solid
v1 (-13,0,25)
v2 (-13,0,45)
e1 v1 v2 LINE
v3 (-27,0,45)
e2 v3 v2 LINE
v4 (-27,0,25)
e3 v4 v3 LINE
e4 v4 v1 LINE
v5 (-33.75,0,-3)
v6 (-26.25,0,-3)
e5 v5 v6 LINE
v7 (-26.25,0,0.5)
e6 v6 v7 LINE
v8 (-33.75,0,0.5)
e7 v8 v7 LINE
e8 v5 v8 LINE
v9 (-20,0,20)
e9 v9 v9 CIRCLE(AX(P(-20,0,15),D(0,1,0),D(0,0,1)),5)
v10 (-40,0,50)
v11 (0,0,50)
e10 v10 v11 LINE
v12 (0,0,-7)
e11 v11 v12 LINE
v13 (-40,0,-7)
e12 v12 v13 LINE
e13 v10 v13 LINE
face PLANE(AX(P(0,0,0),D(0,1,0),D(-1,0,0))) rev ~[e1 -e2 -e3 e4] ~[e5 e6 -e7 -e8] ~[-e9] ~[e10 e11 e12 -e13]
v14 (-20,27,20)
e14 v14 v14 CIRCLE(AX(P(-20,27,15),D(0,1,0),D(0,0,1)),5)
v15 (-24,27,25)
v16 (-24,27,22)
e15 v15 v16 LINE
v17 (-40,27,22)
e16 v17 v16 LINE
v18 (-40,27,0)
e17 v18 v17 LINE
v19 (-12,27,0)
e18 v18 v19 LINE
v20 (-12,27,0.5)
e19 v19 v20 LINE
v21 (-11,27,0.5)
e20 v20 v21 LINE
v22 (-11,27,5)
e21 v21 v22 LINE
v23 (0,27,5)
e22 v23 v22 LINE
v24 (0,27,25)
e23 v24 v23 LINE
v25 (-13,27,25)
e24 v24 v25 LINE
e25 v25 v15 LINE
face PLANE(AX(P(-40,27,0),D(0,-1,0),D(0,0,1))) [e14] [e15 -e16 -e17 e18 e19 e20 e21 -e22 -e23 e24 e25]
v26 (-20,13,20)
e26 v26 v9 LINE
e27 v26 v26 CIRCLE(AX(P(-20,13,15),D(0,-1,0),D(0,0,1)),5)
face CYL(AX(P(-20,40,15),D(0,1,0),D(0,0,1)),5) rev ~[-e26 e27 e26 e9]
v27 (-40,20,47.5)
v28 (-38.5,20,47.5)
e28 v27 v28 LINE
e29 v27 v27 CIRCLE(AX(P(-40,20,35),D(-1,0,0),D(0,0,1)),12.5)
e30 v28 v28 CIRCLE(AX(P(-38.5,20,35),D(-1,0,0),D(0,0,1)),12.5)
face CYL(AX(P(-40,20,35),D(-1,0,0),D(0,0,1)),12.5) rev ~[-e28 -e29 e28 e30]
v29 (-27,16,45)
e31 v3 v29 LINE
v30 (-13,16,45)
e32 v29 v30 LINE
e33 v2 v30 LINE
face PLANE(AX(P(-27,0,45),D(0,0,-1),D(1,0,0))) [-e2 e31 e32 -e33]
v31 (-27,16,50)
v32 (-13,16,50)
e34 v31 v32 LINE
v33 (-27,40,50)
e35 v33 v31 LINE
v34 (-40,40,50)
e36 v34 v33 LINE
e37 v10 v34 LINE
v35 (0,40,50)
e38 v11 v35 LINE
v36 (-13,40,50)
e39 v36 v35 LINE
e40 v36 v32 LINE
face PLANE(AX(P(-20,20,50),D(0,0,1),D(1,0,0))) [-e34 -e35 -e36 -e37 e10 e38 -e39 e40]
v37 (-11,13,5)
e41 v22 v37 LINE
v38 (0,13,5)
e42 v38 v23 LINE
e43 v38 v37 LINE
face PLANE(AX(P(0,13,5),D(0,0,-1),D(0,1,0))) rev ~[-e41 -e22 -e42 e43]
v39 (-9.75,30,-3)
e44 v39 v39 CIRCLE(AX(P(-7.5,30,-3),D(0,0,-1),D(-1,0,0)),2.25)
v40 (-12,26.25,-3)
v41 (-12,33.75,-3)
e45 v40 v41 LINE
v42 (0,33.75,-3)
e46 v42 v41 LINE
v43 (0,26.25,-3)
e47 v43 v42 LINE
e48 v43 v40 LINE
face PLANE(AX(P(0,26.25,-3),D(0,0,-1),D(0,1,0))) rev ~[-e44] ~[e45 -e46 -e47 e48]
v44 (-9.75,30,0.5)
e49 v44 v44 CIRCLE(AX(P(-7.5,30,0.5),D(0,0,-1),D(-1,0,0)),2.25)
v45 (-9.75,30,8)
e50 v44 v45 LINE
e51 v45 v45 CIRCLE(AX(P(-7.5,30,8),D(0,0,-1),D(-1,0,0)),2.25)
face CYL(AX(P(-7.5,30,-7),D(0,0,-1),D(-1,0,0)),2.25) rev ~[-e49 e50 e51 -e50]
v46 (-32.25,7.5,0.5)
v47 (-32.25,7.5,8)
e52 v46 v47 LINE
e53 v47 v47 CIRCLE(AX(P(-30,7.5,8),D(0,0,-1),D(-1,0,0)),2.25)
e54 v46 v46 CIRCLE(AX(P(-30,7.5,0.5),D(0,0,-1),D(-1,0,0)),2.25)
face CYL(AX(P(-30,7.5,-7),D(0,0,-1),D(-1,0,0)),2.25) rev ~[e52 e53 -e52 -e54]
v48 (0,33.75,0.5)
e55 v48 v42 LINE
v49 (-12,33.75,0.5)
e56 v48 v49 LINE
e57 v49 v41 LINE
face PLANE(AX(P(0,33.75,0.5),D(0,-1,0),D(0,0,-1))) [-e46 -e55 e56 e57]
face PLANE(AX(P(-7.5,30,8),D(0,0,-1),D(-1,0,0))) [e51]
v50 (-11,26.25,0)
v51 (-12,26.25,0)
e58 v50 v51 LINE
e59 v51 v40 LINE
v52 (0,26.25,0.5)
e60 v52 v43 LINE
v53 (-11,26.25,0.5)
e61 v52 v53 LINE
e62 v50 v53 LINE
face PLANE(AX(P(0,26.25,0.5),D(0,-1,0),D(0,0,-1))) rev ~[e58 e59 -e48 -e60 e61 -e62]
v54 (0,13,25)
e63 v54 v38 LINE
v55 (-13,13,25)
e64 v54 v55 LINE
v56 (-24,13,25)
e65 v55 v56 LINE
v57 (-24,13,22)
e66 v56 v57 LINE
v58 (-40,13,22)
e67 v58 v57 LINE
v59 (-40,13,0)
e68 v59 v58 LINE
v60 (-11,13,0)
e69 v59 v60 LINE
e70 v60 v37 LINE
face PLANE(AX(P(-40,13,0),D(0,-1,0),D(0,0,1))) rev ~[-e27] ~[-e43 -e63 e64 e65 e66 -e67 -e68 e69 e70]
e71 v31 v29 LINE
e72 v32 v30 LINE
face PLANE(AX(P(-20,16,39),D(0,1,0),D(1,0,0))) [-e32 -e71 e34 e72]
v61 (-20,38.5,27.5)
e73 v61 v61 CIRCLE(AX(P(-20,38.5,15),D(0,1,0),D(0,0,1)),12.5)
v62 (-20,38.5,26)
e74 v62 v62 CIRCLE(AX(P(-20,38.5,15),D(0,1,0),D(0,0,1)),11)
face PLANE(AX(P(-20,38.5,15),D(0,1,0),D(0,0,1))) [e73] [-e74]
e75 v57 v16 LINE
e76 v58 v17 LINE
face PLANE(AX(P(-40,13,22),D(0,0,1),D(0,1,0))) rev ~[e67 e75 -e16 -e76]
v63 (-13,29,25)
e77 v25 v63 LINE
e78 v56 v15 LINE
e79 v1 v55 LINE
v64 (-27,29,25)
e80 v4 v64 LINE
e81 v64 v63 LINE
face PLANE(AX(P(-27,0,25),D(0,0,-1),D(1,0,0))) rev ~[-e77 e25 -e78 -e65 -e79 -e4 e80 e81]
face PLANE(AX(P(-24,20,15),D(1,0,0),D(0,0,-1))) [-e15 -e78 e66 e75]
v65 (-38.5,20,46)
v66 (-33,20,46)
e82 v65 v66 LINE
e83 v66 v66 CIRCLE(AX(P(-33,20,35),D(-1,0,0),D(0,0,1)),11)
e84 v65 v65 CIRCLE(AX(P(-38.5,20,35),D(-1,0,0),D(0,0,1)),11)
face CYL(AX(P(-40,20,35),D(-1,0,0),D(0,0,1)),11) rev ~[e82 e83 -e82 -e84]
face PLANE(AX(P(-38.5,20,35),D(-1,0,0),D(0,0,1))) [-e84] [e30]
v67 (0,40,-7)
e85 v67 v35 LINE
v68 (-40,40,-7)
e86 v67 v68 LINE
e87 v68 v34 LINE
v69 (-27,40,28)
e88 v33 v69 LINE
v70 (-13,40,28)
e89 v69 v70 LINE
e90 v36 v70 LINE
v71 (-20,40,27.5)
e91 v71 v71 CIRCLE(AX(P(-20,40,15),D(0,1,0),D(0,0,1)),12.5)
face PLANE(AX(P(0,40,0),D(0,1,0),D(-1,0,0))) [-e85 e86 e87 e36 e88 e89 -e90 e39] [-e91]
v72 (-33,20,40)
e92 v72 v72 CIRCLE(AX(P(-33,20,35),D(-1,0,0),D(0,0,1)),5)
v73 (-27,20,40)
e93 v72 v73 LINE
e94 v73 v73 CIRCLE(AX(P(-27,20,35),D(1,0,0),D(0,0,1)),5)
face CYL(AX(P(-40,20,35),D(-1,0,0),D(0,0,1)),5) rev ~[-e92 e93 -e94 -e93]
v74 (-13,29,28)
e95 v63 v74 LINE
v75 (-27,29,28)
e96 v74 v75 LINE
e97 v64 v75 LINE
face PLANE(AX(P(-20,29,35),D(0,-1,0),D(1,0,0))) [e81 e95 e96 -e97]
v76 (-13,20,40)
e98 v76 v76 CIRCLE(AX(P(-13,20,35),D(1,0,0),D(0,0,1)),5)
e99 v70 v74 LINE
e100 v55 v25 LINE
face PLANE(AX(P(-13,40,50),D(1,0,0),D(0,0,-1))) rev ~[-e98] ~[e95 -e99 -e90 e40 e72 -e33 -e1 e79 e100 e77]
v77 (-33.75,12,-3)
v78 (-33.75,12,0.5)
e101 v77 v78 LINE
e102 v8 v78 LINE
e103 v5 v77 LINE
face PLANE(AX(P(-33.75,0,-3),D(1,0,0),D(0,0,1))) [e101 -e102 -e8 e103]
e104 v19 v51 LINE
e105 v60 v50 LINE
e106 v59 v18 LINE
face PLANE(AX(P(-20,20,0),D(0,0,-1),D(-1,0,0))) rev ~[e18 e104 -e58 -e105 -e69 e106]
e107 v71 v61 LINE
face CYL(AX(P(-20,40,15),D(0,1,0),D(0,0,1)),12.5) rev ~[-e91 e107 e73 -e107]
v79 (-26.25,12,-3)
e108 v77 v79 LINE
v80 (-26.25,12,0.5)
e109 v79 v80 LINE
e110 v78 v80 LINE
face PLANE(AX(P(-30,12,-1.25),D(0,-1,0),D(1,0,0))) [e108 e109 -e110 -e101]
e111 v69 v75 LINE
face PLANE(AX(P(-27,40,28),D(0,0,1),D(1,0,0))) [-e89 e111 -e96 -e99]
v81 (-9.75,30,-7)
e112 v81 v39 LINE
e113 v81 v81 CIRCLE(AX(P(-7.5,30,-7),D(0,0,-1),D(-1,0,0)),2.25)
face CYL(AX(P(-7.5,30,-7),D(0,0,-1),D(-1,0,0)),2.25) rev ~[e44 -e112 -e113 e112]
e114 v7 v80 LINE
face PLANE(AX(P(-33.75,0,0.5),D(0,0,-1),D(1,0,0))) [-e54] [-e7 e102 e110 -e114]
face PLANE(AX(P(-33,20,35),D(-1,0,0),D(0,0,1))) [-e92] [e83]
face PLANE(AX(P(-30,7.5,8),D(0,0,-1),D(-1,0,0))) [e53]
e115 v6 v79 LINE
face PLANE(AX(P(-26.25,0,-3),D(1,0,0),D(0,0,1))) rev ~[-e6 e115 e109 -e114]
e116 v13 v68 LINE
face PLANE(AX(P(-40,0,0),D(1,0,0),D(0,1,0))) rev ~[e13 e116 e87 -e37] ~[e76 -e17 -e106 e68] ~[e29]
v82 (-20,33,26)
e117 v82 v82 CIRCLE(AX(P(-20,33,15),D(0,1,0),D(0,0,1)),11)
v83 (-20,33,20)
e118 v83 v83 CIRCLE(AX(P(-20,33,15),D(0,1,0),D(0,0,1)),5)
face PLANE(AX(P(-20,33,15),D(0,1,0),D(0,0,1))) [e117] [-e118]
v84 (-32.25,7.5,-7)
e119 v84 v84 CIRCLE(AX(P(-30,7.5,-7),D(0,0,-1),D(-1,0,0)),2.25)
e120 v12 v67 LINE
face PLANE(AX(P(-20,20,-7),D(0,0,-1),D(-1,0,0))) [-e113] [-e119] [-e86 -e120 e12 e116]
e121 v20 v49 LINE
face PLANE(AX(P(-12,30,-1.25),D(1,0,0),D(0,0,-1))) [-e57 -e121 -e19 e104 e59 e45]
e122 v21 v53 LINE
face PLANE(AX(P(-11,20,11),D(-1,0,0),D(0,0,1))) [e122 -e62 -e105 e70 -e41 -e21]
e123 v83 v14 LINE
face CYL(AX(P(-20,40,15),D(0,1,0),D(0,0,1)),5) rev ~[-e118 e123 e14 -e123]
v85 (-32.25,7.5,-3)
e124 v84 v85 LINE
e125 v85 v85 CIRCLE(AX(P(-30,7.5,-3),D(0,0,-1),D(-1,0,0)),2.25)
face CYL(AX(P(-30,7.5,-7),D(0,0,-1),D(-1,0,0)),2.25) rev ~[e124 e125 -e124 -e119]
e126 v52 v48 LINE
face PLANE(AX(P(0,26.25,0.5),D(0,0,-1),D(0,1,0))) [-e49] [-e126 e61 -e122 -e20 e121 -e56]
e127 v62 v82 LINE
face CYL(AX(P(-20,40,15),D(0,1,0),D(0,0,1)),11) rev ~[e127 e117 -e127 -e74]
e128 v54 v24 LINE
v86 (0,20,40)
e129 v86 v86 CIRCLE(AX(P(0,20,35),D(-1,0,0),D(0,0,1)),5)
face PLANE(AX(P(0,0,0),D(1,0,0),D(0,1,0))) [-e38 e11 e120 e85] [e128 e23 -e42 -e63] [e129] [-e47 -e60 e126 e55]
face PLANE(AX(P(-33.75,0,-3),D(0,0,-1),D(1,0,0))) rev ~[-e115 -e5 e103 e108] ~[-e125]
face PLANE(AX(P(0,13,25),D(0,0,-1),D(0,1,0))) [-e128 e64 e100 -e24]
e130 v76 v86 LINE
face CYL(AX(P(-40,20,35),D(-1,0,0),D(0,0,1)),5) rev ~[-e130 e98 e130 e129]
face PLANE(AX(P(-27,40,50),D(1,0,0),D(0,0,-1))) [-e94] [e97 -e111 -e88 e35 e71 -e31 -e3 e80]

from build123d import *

# Parameters (mm, degrees)
ESQUISSE1_W              = 40
ESQUISSE1_H              = 40
BOSS_EXTRU_1_DEPTH       = 50
ESQUISSE2_R              = 5
ENL_V_MAT_EXTRU_1_DEPTH  = 41
ESQUISSE3_R              = 5
ENL_V_MAT_EXTRU_2_DEPTH  = 41
ESQUISSE4_W              = 22
ESQUISSE4_H              = 14
ENL_V_MAT_EXTRU_3_DEPTH  = 29
ESQUISSE5_W              = 14
ESQUISSE5_H              = 20
ENL_V_MAT_EXTRU_4_DEPTH  = 29
ESQUISSE6_W              = 20
ESQUISSE6_H              = 14
ENL_V_MAT_EXTRU_5_DEPTH  = 24
ESQUISSE7_W              = 14
ESQUISSE7_H              = 22
ENL_V_MAT_EXTRU_6_DEPTH  = 24
ESQUISSE10_R             = 11
ENL_V_MAT_EXTRU_9_DEPTH  = 7
ESQUISSE11_R             = 12.5
ENL_V_MAT_EXTRU_10_DEPTH = 1.5
ESQUISSE14_R             = 11
ENL_V_MAT_EXTRU_11_DEPTH = 7
ESQUISSE15_R             = 12.5
ENL_V_MAT_EXTRU_12_DEPTH = 1.5
ESQUISSE16_W             = 40
ESQUISSE16_H             = 40
BOSS_EXTRU_2_DEPTH       = 7
ESQUISSE17_R             = 2.25
ENL_V_MAT_EXTRU_13_DEPTH = 15
ESQUISSE18_W             = 3.5
ESQUISSE18_H             = 7.5
ENL_V_MAT_EXTRU_14_DEPTH = 12
ESQUISSE19_W             = 7.5
ESQUISSE19_H             = 3.5
ENL_V_MAT_EXTRU_15_DEPTH = 12


with BuildPart() as part:
    # Esquisse1 → Boss.-Extru.1 (new body)
    with BuildSketch(Plane.XY):
        with Locations((-20, 20)):
            Rectangle(ESQUISSE1_W, ESQUISSE1_H)
    extrude(amount=BOSS_EXTRU_1_DEPTH)

    # Esquisse2 → Enlèv. mat.-Extru.1 (cut, through all)
    with BuildSketch(Plane(origin=(0, 40, 0), x_dir=(1, 0, 0), z_dir=(0, 1, 0))):
        with Locations(Location((-20, -15, 0), (0, 0, 270))):  # turned: the seam where the file's is
            Circle(ESQUISSE2_R)
    extrude(amount=-ENL_V_MAT_EXTRU_1_DEPTH, mode=Mode.SUBTRACT)

    # Esquisse3 → Enlèv. mat.-Extru.2 (cut, through all)
    with BuildSketch(Plane.ZY.offset(40)):
        with Locations((35, 20)):
            Circle(ESQUISSE3_R)
    extrude(amount=-ENL_V_MAT_EXTRU_2_DEPTH, mode=Mode.SUBTRACT)

    # Esquisse4 → Enlèv. mat.-Extru.3 (cut)
    with BuildSketch(Plane.ZY.offset(40)):
        with Locations((11, 20)):
            Rectangle(ESQUISSE4_W, ESQUISSE4_H)
    extrude(amount=-ENL_V_MAT_EXTRU_3_DEPTH, mode=Mode.SUBTRACT)

    # Esquisse5 → Enlèv. mat.-Extru.4 (cut)
    with BuildSketch(Plane.XZ):
        with Locations((-20, 35)):
            Rectangle(ESQUISSE5_W, ESQUISSE5_H)
    extrude(amount=-ENL_V_MAT_EXTRU_4_DEPTH, mode=Mode.SUBTRACT)

    # Esquisse6 → Enlèv. mat.-Extru.5 (cut)
    with BuildSketch(Plane(origin=(0, 0, 0), x_dir=(0, 0, -1), z_dir=(1, 0, 0))):
        with Locations((-15, 20)):
            Rectangle(ESQUISSE6_W, ESQUISSE6_H)
    extrude(amount=-ENL_V_MAT_EXTRU_5_DEPTH, mode=Mode.SUBTRACT)

    # Esquisse7 → Enlèv. mat.-Extru.6 (cut)
    with BuildSketch(Plane(origin=(0, 40, 0), x_dir=(1, 0, 0), z_dir=(0, 1, 0))):
        with Locations((-20, -39)):
            Rectangle(ESQUISSE7_W, ESQUISSE7_H)
    extrude(amount=-ENL_V_MAT_EXTRU_6_DEPTH, mode=Mode.SUBTRACT)

    # Esquisse10 → Enlèv. mat.-Extru.9 (cut)
    with BuildSketch(Plane(origin=(0, 40, 0), x_dir=(1, 0, 0), z_dir=(0, 1, 0))):
        with Locations(Location((-20, -15, 0), (0, 0, 270))):  # turned: the seam where the file's is
            Circle(ESQUISSE10_R)
    extrude(amount=-ENL_V_MAT_EXTRU_9_DEPTH, mode=Mode.SUBTRACT)

    # Esquisse11 → Enlèv. mat.-Extru.10 (cut)
    with BuildSketch(Plane(origin=(0, 40, 0), x_dir=(1, 0, 0), z_dir=(0, 1, 0))):
        with Locations(Location((-20, -15, 0), (0, 0, 270))):  # turned: the seam where the file's is
            Circle(ESQUISSE11_R)
    extrude(amount=-ENL_V_MAT_EXTRU_10_DEPTH, mode=Mode.SUBTRACT)

    # Esquisse14 → Enlèv. mat.-Extru.11 (cut)
    with BuildSketch(Plane.ZY.offset(40)):
        with Locations((35, 20)):
            Circle(ESQUISSE14_R)
    extrude(amount=-ENL_V_MAT_EXTRU_11_DEPTH, mode=Mode.SUBTRACT)

    # Esquisse15 → Enlèv. mat.-Extru.12 (cut)
    with BuildSketch(Plane.ZY.offset(40)):
        with Locations((35, 20)):
            Circle(ESQUISSE15_R)
    extrude(amount=-ENL_V_MAT_EXTRU_12_DEPTH, mode=Mode.SUBTRACT)

    # Esquisse16 → Boss.-Extru.2 (add)
    with BuildSketch(Plane(origin=(0, 0, 0), x_dir=(-1, 0, 0), z_dir=(0, 0, -1))):
        with Locations((20, 20)):
            Rectangle(ESQUISSE16_W, ESQUISSE16_H)
    extrude(amount=BOSS_EXTRU_2_DEPTH)

    # Esquisse17 → Enlèv. mat.-Extru.13 (cut)
    with BuildSketch(Plane(origin=(0, 0, -7), x_dir=(-1, 0, 0), z_dir=(0, 0, -1))):
        with Locations((7.5, 30)):
            Circle(ESQUISSE17_R)
        with Locations((30, 7.5)):
            Circle(ESQUISSE17_R)
    extrude(amount=-ENL_V_MAT_EXTRU_13_DEPTH, mode=Mode.SUBTRACT)

    # Esquisse18 → Enlèv. mat.-Extru.14 (cut)
    with BuildSketch(Plane(origin=(0, 0, 0), x_dir=(0, 0, -1), z_dir=(1, 0, 0))):
        with Locations((1.25, 30)):
            Rectangle(ESQUISSE18_W, ESQUISSE18_H)
    extrude(amount=-ENL_V_MAT_EXTRU_14_DEPTH, mode=Mode.SUBTRACT)

    # Esquisse19 → Enlèv. mat.-Extru.15 (cut)
    with BuildSketch(Plane.XZ):
        with Locations((-30, -1.25)):
            Rectangle(ESQUISSE19_W, ESQUISSE19_H)
    extrude(amount=-ENL_V_MAT_EXTRU_15_DEPTH, mode=Mode.SUBTRACT)


solid = part.part
